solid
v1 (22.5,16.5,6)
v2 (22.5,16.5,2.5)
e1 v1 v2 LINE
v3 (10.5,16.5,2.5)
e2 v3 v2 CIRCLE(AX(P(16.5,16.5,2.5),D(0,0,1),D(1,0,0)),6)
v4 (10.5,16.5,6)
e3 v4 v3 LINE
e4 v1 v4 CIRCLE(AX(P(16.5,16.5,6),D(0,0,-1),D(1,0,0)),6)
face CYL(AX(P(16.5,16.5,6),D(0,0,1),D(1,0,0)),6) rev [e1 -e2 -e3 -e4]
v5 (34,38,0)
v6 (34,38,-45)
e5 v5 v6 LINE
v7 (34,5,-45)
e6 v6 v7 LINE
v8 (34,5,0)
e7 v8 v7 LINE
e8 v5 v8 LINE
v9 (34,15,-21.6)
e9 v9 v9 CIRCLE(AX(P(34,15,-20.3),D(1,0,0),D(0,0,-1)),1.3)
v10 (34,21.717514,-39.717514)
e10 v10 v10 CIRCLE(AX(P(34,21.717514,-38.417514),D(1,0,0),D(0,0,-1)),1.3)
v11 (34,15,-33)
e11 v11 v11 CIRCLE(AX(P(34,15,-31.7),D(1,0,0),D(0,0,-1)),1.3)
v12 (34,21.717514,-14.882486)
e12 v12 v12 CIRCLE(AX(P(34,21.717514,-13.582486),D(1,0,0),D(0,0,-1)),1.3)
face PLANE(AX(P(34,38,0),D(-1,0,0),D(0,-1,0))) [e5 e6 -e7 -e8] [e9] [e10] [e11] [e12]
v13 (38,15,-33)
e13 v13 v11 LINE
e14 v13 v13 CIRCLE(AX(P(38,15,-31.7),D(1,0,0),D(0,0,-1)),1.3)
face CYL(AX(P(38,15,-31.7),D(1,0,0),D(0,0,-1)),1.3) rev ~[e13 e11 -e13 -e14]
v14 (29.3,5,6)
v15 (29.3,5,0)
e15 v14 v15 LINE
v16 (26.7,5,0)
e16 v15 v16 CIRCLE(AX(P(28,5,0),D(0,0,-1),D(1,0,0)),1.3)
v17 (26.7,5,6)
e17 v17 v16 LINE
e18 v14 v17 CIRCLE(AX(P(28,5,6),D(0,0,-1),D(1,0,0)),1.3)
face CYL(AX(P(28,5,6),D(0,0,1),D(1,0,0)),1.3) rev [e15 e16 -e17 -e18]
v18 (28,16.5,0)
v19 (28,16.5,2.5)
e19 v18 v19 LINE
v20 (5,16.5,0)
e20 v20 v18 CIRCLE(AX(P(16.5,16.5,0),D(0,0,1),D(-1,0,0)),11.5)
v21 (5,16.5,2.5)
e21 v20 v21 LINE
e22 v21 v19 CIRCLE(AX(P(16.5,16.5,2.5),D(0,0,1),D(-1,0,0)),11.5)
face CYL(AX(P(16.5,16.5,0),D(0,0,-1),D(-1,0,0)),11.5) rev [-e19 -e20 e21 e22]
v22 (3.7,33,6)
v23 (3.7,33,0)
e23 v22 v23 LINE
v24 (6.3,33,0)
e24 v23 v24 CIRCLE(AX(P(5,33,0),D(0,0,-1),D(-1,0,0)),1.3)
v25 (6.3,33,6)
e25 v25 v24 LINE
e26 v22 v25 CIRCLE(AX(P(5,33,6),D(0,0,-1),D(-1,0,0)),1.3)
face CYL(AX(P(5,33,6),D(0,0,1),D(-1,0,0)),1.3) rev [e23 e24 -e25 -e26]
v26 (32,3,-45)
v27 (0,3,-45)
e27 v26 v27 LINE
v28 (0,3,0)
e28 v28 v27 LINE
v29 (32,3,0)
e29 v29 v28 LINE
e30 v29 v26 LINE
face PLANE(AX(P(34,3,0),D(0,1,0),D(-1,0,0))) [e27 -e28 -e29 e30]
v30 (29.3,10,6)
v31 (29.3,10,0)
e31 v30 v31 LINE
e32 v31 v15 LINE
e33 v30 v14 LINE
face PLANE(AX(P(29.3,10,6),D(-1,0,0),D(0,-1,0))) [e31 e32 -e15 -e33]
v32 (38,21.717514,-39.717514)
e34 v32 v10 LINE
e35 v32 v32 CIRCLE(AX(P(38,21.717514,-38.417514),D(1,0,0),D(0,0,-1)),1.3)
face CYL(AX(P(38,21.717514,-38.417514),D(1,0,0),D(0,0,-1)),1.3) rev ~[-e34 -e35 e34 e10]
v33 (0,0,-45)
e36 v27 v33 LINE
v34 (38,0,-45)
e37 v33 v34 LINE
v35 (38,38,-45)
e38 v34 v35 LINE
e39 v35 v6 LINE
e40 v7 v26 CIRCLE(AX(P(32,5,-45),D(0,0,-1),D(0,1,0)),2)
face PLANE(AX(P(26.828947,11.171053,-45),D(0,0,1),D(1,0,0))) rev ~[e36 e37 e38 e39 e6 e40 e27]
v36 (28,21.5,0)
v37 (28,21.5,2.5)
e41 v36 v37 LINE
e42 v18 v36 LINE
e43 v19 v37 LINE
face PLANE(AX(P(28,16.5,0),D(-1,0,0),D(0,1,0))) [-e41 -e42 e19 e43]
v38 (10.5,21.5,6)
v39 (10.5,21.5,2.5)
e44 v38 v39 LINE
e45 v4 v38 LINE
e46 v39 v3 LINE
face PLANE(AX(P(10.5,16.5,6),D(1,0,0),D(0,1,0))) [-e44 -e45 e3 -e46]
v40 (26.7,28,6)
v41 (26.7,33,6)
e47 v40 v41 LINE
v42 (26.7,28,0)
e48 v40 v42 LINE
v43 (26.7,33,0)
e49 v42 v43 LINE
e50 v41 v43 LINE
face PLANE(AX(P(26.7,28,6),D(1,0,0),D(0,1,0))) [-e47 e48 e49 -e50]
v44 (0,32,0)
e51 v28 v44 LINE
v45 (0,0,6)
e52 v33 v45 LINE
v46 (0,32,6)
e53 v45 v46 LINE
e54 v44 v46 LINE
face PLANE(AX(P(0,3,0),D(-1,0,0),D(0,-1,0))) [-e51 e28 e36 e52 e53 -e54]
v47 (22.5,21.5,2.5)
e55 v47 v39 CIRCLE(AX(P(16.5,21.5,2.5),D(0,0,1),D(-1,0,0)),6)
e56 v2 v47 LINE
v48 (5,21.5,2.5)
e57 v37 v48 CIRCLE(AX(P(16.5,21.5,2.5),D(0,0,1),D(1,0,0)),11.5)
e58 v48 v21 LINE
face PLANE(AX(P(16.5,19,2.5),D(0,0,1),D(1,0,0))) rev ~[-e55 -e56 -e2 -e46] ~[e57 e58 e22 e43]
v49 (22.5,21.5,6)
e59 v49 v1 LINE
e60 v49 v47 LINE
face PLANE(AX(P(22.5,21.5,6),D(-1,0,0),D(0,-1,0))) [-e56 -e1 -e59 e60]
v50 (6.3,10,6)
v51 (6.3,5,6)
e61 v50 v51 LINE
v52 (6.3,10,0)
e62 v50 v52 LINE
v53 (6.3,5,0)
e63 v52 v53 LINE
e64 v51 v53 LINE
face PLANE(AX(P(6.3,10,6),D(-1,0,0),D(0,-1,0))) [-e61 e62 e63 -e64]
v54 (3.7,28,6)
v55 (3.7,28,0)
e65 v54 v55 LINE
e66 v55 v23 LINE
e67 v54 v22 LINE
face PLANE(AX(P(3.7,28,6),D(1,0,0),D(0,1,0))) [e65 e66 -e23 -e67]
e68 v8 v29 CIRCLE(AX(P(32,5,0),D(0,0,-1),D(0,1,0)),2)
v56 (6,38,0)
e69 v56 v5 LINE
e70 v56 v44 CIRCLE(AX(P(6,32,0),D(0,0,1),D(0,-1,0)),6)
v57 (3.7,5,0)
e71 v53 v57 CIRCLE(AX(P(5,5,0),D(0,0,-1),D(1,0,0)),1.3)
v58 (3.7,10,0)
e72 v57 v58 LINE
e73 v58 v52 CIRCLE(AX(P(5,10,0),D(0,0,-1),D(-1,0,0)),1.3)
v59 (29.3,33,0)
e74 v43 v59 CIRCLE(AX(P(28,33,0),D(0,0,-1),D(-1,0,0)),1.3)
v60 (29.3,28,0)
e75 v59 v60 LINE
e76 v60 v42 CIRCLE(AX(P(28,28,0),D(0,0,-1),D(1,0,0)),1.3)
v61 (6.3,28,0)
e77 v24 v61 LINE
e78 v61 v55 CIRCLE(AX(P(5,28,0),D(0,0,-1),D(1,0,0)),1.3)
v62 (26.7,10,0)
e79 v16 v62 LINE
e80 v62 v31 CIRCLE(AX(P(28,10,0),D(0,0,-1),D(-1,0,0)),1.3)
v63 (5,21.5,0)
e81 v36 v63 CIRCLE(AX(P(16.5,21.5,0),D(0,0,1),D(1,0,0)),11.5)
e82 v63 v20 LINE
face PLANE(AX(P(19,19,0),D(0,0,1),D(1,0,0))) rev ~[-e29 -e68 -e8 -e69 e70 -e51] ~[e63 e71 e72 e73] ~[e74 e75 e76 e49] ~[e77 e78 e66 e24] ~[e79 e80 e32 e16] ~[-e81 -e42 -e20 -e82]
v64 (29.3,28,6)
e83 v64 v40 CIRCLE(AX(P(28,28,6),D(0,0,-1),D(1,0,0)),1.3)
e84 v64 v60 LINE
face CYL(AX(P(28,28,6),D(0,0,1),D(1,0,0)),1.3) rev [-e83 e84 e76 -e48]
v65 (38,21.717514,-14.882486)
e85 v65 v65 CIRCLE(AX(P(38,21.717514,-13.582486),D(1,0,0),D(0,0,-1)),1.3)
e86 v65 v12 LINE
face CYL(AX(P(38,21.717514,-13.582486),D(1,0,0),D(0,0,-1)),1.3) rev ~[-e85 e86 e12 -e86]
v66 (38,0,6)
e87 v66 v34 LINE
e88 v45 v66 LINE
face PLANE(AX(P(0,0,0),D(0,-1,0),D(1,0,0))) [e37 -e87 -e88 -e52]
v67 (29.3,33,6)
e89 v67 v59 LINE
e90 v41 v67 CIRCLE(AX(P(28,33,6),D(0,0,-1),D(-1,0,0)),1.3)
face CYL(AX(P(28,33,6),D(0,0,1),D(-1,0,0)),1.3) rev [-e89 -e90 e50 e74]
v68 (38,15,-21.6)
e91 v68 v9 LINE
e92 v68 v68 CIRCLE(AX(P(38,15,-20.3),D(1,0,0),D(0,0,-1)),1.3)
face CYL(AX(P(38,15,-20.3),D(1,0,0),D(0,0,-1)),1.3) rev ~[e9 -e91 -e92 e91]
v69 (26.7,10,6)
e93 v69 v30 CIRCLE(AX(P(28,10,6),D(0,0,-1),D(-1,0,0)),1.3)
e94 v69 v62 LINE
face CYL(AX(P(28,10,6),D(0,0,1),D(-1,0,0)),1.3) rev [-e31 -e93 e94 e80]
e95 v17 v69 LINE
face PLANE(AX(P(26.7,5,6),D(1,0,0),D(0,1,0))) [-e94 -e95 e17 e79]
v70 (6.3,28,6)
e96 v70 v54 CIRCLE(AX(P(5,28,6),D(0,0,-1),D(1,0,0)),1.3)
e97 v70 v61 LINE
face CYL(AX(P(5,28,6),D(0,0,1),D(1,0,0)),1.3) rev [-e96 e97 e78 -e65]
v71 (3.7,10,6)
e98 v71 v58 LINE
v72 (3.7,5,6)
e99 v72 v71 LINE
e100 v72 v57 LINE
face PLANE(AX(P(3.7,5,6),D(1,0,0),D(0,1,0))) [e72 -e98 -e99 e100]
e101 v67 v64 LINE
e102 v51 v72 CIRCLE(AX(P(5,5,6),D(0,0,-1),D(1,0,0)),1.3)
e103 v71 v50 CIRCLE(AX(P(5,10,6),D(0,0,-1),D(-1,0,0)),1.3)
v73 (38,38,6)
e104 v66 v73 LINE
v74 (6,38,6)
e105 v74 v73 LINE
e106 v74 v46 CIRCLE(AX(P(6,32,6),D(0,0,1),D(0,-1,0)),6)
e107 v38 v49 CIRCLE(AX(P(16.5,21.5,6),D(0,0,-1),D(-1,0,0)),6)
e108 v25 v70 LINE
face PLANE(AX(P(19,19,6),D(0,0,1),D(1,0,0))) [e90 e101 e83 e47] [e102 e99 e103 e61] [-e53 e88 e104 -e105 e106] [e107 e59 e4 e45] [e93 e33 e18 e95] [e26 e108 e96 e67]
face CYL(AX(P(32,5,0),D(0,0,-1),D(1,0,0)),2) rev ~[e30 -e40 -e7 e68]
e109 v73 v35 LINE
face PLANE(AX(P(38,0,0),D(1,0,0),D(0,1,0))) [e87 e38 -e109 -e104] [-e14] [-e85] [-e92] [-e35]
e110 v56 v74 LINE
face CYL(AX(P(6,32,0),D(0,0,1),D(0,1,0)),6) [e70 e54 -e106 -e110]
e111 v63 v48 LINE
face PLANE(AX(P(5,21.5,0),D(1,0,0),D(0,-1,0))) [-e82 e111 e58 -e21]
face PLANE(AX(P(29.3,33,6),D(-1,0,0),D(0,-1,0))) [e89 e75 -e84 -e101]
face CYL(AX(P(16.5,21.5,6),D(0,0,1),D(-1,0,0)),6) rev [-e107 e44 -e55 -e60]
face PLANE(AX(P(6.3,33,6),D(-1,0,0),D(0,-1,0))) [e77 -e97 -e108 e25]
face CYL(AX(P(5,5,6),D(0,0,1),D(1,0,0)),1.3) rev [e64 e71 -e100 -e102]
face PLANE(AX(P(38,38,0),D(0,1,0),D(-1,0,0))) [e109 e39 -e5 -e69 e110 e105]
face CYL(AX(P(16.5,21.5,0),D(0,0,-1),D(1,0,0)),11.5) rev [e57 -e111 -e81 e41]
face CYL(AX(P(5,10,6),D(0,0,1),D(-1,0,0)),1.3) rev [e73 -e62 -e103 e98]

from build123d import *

# Parameters (mm, degrees)
SKETCH1_W           = 38
SKETCH1_H           = 38
BOSS_EXTRUDE1_DEPTH = 6
BOSS_EXTRUDE2_DEPTH = 45
CUT_EXTRUDE1_DEPTH  = 6
CUT_EXTRUDE2_DEPTH  = 2.5
SKETCH6_R           = 1.3
CUT_EXTRUDE3_DEPTH  = 4
FILLET1_R           = 2
FILLET2_R           = 6


with BuildPart() as part:
    # Sketch1 → Boss-Extrude1 (new body)
    with BuildSketch(Plane.XY):
        with Locations((19, 19)):
            Rectangle(SKETCH1_W, SKETCH1_H)
    extrude(amount=BOSS_EXTRUDE1_DEPTH)

    # Sketch2 → Boss-Extrude2 (add)
    with BuildSketch(Plane(origin=(0, 0, 0), x_dir=(-1, 0, 0), z_dir=(0, 0, -1))):
        Polygon((-34, 38), (-34, 3), (0, 3), (0, 0), (-38, 0), (-38, 38), align=None)
    extrude(amount=BOSS_EXTRUDE2_DEPTH)

    # Sketch3 → Cut-Extrude1 (cut)
    with BuildSketch(Plane.XY.offset(6)):
        with BuildLine():
            Line((6.3, 33), (6.3, 28))
            ThreePointArc((6.3, 28), (5, 26.7), (3.7, 28))
            Line((3.7, 28), (3.7, 33))
            ThreePointArc((3.7, 33), (5, 34.3), (6.3, 33))
        make_face()
        with BuildLine():
            Line((29.3, 33), (29.3, 28))
            ThreePointArc((29.3, 28), (28, 26.7), (26.7, 28))
            Line((26.7, 28), (26.7, 33))
            ThreePointArc((26.7, 33), (28, 34.3), (29.3, 33))
        make_face()
        with BuildLine():
            Line((6.3, 10), (6.3, 5))
            ThreePointArc((6.3, 5), (5, 3.7), (3.7, 5))
            Line((3.7, 5), (3.7, 10))
            ThreePointArc((3.7, 10), (5, 11.3), (6.3, 10))
        make_face()
        with BuildLine():
            Line((29.3, 10), (29.3, 5))
            ThreePointArc((29.3, 5), (28, 3.7), (26.7, 5))
            Line((26.7, 5), (26.7, 10))
            ThreePointArc((26.7, 10), (28, 11.3), (29.3, 10))
        make_face()
        with BuildLine():
            Line((22.5, 21.5), (22.5, 16.5))
            ThreePointArc((22.5, 16.5), (16.5, 10.5), (10.5, 16.5))
            Line((10.5, 16.5), (10.5, 21.5))
            ThreePointArc((10.5, 21.5), (16.5, 27.5), (22.5, 21.5))
        make_face()
    extrude(amount=-CUT_EXTRUDE1_DEPTH, mode=Mode.SUBTRACT)

    # Sketch5 → Cut-Extrude2 (cut)
    with BuildSketch(Plane(origin=(0, 0, 0), x_dir=(-1, 0, 0), z_dir=(0, 0, -1))):
        with BuildLine():
            Line((-5, 21.5), (-5, 16.5))
            ThreePointArc((-5, 16.5), (-16.5, 5), (-28, 16.5))
            Line((-28, 16.5), (-28, 21.5))
            ThreePointArc((-28, 21.5), (-16.5, 33), (-5, 21.5))
        make_face()
    extrude(amount=-CUT_EXTRUDE2_DEPTH, mode=Mode.SUBTRACT)

    # Sketch6 → Cut-Extrude3 (cut)
    with BuildSketch(Plane(origin=(38, 0, 0), x_dir=(0, 0, -1), z_dir=(1, 0, 0))):
        with Locations((13.582485579, 21.717514421)):
            Circle(SKETCH6_R)
        with Locations((20.3, 15)):
            Circle(SKETCH6_R)
        with Locations((38.417514421, 21.717514421)):
            Circle(SKETCH6_R)
        with Locations((31.7, 15)):
            Circle(SKETCH6_R)
    extrude(amount=-CUT_EXTRUDE3_DEPTH, mode=Mode.SUBTRACT)

    # Fillet1
    fillet1_edges = [part.edges().sort_by_distance(p)[0] for p in [
        (34, 3, -22.5),
    ]]
    fillet(fillet1_edges, radius=FILLET1_R)

    # Fillet2
    fillet2_edges = [part.edges().sort_by_distance(p)[0] for p in [
        (0, 38, 3),
    ]]
    fillet(fillet2_edges, radius=FILLET2_R)


solid = part.part
